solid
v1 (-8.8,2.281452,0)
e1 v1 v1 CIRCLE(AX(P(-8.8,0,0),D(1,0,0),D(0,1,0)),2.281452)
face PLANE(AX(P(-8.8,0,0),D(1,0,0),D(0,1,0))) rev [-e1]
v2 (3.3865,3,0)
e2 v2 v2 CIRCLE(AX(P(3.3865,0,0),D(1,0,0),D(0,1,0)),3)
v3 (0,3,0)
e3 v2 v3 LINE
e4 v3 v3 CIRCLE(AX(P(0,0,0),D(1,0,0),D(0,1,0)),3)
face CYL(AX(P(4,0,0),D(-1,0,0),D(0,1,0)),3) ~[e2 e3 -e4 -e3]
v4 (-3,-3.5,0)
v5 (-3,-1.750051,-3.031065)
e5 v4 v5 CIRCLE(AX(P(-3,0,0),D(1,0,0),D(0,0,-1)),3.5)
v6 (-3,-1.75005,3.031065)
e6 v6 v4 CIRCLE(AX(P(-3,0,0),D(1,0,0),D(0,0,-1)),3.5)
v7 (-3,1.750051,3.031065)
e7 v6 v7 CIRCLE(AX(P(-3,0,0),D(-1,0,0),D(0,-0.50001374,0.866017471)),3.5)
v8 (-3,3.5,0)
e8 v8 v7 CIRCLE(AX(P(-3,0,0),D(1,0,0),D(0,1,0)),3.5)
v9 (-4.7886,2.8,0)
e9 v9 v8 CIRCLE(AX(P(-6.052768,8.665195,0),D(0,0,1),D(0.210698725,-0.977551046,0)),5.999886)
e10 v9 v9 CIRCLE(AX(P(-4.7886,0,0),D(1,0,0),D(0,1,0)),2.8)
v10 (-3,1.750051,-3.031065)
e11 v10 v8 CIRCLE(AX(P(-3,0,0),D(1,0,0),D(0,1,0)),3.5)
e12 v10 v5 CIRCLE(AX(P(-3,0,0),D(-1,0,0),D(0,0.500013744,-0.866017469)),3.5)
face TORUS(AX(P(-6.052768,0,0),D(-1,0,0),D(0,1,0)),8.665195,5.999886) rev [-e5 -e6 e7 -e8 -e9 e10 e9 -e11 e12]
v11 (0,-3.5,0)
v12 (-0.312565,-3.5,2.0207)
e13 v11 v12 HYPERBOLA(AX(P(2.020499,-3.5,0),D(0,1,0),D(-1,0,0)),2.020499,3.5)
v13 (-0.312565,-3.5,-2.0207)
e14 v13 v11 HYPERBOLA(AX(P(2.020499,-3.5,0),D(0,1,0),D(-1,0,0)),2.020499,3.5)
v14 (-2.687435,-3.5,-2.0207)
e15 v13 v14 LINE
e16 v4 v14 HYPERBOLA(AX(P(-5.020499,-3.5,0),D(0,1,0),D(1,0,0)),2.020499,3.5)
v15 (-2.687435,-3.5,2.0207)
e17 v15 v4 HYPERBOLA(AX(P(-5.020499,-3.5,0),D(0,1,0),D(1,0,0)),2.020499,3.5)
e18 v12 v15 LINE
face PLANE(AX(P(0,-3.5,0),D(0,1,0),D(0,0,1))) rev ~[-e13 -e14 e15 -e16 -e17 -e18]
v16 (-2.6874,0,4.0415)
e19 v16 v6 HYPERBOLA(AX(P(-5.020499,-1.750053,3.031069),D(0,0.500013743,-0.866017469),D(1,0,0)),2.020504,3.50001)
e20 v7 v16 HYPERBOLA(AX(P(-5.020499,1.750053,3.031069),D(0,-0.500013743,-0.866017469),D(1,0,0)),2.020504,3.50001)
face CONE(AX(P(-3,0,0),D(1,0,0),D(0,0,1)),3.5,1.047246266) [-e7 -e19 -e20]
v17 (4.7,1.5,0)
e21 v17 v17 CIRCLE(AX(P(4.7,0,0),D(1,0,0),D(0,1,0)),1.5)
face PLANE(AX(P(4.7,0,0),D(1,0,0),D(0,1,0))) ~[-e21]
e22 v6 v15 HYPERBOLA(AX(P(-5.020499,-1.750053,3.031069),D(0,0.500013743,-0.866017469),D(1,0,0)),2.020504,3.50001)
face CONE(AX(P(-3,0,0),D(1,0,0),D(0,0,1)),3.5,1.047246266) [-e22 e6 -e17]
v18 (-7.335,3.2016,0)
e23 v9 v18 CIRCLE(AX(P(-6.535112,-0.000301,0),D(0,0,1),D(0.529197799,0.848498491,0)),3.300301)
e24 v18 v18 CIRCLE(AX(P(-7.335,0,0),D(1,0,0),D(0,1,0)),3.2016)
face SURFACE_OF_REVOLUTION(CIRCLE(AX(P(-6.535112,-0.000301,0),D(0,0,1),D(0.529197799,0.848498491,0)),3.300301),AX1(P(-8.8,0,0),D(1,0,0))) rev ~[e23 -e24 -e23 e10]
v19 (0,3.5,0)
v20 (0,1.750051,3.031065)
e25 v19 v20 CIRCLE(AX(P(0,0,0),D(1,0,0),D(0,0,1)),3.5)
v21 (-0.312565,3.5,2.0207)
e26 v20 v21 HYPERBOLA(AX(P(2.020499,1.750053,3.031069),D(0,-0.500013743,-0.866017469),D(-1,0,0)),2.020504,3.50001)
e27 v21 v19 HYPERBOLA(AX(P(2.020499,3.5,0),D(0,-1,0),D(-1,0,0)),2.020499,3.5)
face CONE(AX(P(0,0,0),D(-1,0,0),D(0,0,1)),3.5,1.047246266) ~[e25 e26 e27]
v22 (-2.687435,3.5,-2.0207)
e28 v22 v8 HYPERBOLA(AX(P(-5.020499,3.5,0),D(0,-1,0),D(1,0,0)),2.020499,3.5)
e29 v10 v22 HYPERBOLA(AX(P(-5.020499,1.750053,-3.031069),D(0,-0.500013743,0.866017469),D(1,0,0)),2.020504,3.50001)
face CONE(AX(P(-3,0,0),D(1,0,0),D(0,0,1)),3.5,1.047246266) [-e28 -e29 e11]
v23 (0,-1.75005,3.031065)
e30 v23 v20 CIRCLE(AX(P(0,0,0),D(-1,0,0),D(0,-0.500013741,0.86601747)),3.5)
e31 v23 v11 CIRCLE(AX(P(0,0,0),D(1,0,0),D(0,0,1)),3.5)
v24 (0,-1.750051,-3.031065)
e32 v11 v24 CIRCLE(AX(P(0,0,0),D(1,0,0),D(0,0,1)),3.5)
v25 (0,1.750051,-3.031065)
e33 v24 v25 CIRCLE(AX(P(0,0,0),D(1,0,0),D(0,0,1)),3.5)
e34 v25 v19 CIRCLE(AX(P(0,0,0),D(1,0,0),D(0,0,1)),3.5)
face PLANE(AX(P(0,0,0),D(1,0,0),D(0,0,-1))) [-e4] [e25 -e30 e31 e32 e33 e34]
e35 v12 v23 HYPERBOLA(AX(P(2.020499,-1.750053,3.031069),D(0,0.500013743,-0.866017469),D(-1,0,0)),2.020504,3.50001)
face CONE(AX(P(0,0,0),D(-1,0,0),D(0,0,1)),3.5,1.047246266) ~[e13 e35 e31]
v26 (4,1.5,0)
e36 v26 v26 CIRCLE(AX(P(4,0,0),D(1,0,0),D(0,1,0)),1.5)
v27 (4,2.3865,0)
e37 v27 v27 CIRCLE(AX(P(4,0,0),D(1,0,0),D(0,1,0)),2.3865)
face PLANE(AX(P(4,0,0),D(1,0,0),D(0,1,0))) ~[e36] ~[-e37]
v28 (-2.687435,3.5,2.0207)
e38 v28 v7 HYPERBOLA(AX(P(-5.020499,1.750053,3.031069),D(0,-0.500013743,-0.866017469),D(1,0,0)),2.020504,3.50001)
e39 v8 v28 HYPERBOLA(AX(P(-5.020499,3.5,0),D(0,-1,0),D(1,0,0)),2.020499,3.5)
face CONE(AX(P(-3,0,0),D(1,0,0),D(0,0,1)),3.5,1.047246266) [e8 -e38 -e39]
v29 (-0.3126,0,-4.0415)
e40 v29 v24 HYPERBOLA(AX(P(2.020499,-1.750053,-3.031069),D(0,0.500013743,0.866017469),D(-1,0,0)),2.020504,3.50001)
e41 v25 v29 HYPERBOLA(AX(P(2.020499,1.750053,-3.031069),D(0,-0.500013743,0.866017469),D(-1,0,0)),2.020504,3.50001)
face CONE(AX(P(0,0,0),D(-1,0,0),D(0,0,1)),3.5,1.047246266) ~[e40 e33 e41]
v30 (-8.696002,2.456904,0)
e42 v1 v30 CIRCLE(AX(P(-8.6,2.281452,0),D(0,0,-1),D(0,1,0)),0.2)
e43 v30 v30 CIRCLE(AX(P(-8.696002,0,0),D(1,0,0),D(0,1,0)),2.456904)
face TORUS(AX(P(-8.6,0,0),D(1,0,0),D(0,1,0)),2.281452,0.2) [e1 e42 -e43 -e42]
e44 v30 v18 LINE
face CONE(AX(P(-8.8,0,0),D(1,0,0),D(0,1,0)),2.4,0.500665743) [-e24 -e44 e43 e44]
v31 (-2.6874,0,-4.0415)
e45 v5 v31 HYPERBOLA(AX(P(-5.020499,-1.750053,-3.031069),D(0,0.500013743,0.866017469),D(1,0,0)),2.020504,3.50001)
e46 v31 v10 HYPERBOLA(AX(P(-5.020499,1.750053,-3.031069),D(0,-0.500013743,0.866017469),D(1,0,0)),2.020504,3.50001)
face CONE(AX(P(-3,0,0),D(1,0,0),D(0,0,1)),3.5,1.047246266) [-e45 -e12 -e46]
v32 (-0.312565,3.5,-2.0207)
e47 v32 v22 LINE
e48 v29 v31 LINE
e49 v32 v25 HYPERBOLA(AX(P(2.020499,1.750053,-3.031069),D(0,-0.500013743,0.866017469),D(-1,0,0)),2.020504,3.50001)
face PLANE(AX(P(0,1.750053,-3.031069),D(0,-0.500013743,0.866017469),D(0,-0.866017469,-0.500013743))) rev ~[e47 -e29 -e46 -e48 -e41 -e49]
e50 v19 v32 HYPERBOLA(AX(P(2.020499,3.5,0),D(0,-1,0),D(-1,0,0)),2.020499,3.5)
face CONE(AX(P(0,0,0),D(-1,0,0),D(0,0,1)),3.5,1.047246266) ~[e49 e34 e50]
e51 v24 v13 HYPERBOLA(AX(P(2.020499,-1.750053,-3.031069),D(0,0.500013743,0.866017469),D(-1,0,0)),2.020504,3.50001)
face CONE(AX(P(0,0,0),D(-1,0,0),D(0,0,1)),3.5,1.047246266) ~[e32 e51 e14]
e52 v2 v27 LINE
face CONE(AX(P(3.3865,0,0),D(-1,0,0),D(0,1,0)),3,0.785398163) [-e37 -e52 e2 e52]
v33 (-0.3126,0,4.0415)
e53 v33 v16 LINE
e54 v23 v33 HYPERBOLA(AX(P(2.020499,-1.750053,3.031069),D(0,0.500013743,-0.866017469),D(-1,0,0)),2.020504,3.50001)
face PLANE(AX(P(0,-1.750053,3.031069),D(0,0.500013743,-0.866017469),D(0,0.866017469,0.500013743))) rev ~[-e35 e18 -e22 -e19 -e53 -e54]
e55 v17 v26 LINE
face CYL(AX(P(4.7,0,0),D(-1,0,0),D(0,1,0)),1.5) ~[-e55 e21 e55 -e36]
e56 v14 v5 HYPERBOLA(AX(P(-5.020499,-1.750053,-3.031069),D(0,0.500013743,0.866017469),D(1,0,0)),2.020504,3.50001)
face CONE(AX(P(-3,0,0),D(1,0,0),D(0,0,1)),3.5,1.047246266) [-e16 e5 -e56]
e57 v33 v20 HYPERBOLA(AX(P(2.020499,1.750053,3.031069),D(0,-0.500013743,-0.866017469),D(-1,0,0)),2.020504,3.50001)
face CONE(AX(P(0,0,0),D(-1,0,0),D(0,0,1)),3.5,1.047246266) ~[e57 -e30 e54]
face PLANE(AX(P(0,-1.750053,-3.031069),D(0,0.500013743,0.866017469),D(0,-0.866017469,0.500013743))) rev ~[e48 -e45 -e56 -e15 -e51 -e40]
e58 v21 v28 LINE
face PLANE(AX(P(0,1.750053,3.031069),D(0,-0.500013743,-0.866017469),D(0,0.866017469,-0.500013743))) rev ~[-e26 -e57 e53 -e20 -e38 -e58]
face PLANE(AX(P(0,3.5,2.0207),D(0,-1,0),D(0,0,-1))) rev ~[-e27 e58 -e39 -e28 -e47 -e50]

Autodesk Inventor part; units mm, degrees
ref_plane "YZ Plane" through (0, 0, 0) normal (1, 0, 0) x (0, 1, 0)
ref_plane "XZ Plane" through (0, 0, 0) normal (0, 1, 0) x (-1, 0, 0)
ref_plane "XY Plane" through (0, 0, 0) normal (0, 0, 1) x (1, 0, 0)
sketch "Esquisse1" plane through (0, 0, 0) normal (0, 0, 1) x (1, 0, 0)
  line L0 (-8.8, 0) -> (-8.8, 2.4)
  line L1 (-8.8, 2.4) -> (-7.335, 3.2016)
  line L2 (-8.8, 0) -> (4.7, 0)
  line L3 (4.7, 0) -> (4.7, 1.5)
  line L4 (4.7, 1.5) -> (4, 1.5)
  line L5 (4, 1.5) -> (4, 3)
  line L6 (4, 3) -> (0, 3)
  arc A0 (-4.7886, 2.8) -> (-7.335, 3.2016) centre (-6.535, 0) ccw
  line L7 (-11.5, 0) -> (7.4, 0) projected
  line L8 (0, -1.7331) -> (0, 10.3984) projected
  arc A1 (-4.7886, 2.8) -> (-3, 3.5) centre (-6.0528, 8.6653) ccw
  line L9 (-3, 3.5) -> (0, 3.5)
  line L10 (0, 3.5) -> (0, 3)
  dimension "d0" = 13.5
  dimension "d1" = 5.6
  dimension "d2" = 0.7
  dimension "d3" = 3
  dimension "d4" = 6
  dimension "d5" = 6.6
  dimension "d6" = 4.8
  dimension "d7" = 6
  dimension "d11" = 7
  dimension "d14" = 3
  dimension "d15" = 4
  dimension "d61" = 7.335
  dimension "d62" = 6.5351
revolve "Corps" add sketch "Esquisse1" angle 360 about axis through (-8.8, 0, 0) along (1, 0, 0)
fillet "Congé1" radius 0.2 1 edges at (-8.8, -2.4, 0)
thread "Filetage1" size "M6x1" class "6g" standard "ISO Metric profile" length 3.3866
sketch "Esquisse2" plane through (0, 0, 0) normal (1, 0, 0) x (0, 0, -1)
  circle A0 centre (0, 0) radius 3.5 projected
  line L0 (2.0207, 3.5) -> (4.0415, 0)
  line L1 (4.0415, 0) -> (2.0207, -3.5)
  line L2 (2.0207, -3.5) -> (-2.0207, -3.5)
  line L3 (-2.0207, -3.5) -> (-4.0415, 0)
  line L4 (-4.0415, 0) -> (-2.0207, 3.5)
  line L5 (-2.0207, 3.5) -> (2.0207, 3.5)
extrude "Tête" add sketch "Esquisse2" against normal blind 3 contours A0 L0 L1 | A0 L5 L0 | L1 L2 A0 | A0 L4 L5 | L2 L3 A0 | A0 L3 L4
sketch "Esquisse3" plane through (0, 0, 0) normal (0, 1, 0) x (-1, 0, 0)
  line L0 (2.6874, 4.0415) -> (3, 4.0415)
  line L1 (3, 4.0415) -> (3, 3.5)
  line L2 (3, 3.5) -> (2.6874, 4.0415)
  line L3 (0.3126, 4.0415) -> (0, 4.0415)
  line L4 (0, 4.0415) -> (0, 3.5)
  line L5 (0, 3.5) -> (0.3126, 4.0415)
  line L6 (3.6, 0) -> (-0.6, 0) projected
  line L7 (0, 4.0415) -> (0, 2.0207) projected
  line L8 (0, 4.0415) -> (3, 4.0415) projected
  line L9 (3, 3.0311) -> (3, 4.0415) projected
  dimension "d19" = 3.5
  dimension "d20" = 3.5
  dimension "d21" = 30
  dimension "d22" = 30
revolve "Chanfrein1" cut sketch "Esquisse3" angle 360 about axis through (-10, 0, 0) along (1, 0, 0)
chamfer "Chanfrein2" distance 0.6135 angle 45 1 edges at (4, -3, 0) measured on face at (4, 2.4564, -0.359)
equation "\"d17\" = KOH"
equation "\"d8\" = RR"
equation "\"d9\" = NLG - GAL"
equation "\"d23\" = -0.5 * GD1 + 0.5 * NND"
equation "\"d59\" = -0.5 * GD1 + 0.5 * NND"
equation "\"d0\" = GL"
equation "\"d1\" = KGB2"
equation "\"d2\" = PHH"
equation "\"d3\" = 0.5 * NND"
equation "\"d4\" = NND"
equation "\"d5\" = KR"
equation "\"d6\" = KGB1"
equation "\"d7\" = RBN"
equation "\"d11\" = SW"
equation "\"d14\" = KOH"
equation "\"d15\" = NLG"
equation "\"d19\" = 0.5 * SW"
equation "\"d20\" = 0.5 * SW"
equation "\"NLG\" = 4"
equation "\"GL\" = 13.5"
equation "\"NND\" = 6"
equation "\"KGB1\" = 4.8"
equation "\"KGB2\" = 5.6"
equation "\"VERS\" = 0.8"
equation "\"KR\" = 6.6"
equation "\"RBN\" = 6"
equation "\"SW\" = 7"
equation "\"KOH\" = 3"
equation "\"GAL\" = 0.61345 * PTC"
equation "\"FAWI\" = 45deg"
equation "\"PHH\" = 0.7"
equation "\"GD1\" = THREADDIA - 1.2269 * PTC"
equation "\"RR\" = 0.2"
equation "\"GUL\" = 0.61345 * PTC"
equation "\"DULO\" = 1.5"
equation "\"PTC\" = 1"
equation "\"GEL\" = 4"
equation "\"THREADDIA\" = 6"
equation "\"TOA\" = 30deg"
properties part number "JIS B 1575 - M 6 F" material "Acier doux"
